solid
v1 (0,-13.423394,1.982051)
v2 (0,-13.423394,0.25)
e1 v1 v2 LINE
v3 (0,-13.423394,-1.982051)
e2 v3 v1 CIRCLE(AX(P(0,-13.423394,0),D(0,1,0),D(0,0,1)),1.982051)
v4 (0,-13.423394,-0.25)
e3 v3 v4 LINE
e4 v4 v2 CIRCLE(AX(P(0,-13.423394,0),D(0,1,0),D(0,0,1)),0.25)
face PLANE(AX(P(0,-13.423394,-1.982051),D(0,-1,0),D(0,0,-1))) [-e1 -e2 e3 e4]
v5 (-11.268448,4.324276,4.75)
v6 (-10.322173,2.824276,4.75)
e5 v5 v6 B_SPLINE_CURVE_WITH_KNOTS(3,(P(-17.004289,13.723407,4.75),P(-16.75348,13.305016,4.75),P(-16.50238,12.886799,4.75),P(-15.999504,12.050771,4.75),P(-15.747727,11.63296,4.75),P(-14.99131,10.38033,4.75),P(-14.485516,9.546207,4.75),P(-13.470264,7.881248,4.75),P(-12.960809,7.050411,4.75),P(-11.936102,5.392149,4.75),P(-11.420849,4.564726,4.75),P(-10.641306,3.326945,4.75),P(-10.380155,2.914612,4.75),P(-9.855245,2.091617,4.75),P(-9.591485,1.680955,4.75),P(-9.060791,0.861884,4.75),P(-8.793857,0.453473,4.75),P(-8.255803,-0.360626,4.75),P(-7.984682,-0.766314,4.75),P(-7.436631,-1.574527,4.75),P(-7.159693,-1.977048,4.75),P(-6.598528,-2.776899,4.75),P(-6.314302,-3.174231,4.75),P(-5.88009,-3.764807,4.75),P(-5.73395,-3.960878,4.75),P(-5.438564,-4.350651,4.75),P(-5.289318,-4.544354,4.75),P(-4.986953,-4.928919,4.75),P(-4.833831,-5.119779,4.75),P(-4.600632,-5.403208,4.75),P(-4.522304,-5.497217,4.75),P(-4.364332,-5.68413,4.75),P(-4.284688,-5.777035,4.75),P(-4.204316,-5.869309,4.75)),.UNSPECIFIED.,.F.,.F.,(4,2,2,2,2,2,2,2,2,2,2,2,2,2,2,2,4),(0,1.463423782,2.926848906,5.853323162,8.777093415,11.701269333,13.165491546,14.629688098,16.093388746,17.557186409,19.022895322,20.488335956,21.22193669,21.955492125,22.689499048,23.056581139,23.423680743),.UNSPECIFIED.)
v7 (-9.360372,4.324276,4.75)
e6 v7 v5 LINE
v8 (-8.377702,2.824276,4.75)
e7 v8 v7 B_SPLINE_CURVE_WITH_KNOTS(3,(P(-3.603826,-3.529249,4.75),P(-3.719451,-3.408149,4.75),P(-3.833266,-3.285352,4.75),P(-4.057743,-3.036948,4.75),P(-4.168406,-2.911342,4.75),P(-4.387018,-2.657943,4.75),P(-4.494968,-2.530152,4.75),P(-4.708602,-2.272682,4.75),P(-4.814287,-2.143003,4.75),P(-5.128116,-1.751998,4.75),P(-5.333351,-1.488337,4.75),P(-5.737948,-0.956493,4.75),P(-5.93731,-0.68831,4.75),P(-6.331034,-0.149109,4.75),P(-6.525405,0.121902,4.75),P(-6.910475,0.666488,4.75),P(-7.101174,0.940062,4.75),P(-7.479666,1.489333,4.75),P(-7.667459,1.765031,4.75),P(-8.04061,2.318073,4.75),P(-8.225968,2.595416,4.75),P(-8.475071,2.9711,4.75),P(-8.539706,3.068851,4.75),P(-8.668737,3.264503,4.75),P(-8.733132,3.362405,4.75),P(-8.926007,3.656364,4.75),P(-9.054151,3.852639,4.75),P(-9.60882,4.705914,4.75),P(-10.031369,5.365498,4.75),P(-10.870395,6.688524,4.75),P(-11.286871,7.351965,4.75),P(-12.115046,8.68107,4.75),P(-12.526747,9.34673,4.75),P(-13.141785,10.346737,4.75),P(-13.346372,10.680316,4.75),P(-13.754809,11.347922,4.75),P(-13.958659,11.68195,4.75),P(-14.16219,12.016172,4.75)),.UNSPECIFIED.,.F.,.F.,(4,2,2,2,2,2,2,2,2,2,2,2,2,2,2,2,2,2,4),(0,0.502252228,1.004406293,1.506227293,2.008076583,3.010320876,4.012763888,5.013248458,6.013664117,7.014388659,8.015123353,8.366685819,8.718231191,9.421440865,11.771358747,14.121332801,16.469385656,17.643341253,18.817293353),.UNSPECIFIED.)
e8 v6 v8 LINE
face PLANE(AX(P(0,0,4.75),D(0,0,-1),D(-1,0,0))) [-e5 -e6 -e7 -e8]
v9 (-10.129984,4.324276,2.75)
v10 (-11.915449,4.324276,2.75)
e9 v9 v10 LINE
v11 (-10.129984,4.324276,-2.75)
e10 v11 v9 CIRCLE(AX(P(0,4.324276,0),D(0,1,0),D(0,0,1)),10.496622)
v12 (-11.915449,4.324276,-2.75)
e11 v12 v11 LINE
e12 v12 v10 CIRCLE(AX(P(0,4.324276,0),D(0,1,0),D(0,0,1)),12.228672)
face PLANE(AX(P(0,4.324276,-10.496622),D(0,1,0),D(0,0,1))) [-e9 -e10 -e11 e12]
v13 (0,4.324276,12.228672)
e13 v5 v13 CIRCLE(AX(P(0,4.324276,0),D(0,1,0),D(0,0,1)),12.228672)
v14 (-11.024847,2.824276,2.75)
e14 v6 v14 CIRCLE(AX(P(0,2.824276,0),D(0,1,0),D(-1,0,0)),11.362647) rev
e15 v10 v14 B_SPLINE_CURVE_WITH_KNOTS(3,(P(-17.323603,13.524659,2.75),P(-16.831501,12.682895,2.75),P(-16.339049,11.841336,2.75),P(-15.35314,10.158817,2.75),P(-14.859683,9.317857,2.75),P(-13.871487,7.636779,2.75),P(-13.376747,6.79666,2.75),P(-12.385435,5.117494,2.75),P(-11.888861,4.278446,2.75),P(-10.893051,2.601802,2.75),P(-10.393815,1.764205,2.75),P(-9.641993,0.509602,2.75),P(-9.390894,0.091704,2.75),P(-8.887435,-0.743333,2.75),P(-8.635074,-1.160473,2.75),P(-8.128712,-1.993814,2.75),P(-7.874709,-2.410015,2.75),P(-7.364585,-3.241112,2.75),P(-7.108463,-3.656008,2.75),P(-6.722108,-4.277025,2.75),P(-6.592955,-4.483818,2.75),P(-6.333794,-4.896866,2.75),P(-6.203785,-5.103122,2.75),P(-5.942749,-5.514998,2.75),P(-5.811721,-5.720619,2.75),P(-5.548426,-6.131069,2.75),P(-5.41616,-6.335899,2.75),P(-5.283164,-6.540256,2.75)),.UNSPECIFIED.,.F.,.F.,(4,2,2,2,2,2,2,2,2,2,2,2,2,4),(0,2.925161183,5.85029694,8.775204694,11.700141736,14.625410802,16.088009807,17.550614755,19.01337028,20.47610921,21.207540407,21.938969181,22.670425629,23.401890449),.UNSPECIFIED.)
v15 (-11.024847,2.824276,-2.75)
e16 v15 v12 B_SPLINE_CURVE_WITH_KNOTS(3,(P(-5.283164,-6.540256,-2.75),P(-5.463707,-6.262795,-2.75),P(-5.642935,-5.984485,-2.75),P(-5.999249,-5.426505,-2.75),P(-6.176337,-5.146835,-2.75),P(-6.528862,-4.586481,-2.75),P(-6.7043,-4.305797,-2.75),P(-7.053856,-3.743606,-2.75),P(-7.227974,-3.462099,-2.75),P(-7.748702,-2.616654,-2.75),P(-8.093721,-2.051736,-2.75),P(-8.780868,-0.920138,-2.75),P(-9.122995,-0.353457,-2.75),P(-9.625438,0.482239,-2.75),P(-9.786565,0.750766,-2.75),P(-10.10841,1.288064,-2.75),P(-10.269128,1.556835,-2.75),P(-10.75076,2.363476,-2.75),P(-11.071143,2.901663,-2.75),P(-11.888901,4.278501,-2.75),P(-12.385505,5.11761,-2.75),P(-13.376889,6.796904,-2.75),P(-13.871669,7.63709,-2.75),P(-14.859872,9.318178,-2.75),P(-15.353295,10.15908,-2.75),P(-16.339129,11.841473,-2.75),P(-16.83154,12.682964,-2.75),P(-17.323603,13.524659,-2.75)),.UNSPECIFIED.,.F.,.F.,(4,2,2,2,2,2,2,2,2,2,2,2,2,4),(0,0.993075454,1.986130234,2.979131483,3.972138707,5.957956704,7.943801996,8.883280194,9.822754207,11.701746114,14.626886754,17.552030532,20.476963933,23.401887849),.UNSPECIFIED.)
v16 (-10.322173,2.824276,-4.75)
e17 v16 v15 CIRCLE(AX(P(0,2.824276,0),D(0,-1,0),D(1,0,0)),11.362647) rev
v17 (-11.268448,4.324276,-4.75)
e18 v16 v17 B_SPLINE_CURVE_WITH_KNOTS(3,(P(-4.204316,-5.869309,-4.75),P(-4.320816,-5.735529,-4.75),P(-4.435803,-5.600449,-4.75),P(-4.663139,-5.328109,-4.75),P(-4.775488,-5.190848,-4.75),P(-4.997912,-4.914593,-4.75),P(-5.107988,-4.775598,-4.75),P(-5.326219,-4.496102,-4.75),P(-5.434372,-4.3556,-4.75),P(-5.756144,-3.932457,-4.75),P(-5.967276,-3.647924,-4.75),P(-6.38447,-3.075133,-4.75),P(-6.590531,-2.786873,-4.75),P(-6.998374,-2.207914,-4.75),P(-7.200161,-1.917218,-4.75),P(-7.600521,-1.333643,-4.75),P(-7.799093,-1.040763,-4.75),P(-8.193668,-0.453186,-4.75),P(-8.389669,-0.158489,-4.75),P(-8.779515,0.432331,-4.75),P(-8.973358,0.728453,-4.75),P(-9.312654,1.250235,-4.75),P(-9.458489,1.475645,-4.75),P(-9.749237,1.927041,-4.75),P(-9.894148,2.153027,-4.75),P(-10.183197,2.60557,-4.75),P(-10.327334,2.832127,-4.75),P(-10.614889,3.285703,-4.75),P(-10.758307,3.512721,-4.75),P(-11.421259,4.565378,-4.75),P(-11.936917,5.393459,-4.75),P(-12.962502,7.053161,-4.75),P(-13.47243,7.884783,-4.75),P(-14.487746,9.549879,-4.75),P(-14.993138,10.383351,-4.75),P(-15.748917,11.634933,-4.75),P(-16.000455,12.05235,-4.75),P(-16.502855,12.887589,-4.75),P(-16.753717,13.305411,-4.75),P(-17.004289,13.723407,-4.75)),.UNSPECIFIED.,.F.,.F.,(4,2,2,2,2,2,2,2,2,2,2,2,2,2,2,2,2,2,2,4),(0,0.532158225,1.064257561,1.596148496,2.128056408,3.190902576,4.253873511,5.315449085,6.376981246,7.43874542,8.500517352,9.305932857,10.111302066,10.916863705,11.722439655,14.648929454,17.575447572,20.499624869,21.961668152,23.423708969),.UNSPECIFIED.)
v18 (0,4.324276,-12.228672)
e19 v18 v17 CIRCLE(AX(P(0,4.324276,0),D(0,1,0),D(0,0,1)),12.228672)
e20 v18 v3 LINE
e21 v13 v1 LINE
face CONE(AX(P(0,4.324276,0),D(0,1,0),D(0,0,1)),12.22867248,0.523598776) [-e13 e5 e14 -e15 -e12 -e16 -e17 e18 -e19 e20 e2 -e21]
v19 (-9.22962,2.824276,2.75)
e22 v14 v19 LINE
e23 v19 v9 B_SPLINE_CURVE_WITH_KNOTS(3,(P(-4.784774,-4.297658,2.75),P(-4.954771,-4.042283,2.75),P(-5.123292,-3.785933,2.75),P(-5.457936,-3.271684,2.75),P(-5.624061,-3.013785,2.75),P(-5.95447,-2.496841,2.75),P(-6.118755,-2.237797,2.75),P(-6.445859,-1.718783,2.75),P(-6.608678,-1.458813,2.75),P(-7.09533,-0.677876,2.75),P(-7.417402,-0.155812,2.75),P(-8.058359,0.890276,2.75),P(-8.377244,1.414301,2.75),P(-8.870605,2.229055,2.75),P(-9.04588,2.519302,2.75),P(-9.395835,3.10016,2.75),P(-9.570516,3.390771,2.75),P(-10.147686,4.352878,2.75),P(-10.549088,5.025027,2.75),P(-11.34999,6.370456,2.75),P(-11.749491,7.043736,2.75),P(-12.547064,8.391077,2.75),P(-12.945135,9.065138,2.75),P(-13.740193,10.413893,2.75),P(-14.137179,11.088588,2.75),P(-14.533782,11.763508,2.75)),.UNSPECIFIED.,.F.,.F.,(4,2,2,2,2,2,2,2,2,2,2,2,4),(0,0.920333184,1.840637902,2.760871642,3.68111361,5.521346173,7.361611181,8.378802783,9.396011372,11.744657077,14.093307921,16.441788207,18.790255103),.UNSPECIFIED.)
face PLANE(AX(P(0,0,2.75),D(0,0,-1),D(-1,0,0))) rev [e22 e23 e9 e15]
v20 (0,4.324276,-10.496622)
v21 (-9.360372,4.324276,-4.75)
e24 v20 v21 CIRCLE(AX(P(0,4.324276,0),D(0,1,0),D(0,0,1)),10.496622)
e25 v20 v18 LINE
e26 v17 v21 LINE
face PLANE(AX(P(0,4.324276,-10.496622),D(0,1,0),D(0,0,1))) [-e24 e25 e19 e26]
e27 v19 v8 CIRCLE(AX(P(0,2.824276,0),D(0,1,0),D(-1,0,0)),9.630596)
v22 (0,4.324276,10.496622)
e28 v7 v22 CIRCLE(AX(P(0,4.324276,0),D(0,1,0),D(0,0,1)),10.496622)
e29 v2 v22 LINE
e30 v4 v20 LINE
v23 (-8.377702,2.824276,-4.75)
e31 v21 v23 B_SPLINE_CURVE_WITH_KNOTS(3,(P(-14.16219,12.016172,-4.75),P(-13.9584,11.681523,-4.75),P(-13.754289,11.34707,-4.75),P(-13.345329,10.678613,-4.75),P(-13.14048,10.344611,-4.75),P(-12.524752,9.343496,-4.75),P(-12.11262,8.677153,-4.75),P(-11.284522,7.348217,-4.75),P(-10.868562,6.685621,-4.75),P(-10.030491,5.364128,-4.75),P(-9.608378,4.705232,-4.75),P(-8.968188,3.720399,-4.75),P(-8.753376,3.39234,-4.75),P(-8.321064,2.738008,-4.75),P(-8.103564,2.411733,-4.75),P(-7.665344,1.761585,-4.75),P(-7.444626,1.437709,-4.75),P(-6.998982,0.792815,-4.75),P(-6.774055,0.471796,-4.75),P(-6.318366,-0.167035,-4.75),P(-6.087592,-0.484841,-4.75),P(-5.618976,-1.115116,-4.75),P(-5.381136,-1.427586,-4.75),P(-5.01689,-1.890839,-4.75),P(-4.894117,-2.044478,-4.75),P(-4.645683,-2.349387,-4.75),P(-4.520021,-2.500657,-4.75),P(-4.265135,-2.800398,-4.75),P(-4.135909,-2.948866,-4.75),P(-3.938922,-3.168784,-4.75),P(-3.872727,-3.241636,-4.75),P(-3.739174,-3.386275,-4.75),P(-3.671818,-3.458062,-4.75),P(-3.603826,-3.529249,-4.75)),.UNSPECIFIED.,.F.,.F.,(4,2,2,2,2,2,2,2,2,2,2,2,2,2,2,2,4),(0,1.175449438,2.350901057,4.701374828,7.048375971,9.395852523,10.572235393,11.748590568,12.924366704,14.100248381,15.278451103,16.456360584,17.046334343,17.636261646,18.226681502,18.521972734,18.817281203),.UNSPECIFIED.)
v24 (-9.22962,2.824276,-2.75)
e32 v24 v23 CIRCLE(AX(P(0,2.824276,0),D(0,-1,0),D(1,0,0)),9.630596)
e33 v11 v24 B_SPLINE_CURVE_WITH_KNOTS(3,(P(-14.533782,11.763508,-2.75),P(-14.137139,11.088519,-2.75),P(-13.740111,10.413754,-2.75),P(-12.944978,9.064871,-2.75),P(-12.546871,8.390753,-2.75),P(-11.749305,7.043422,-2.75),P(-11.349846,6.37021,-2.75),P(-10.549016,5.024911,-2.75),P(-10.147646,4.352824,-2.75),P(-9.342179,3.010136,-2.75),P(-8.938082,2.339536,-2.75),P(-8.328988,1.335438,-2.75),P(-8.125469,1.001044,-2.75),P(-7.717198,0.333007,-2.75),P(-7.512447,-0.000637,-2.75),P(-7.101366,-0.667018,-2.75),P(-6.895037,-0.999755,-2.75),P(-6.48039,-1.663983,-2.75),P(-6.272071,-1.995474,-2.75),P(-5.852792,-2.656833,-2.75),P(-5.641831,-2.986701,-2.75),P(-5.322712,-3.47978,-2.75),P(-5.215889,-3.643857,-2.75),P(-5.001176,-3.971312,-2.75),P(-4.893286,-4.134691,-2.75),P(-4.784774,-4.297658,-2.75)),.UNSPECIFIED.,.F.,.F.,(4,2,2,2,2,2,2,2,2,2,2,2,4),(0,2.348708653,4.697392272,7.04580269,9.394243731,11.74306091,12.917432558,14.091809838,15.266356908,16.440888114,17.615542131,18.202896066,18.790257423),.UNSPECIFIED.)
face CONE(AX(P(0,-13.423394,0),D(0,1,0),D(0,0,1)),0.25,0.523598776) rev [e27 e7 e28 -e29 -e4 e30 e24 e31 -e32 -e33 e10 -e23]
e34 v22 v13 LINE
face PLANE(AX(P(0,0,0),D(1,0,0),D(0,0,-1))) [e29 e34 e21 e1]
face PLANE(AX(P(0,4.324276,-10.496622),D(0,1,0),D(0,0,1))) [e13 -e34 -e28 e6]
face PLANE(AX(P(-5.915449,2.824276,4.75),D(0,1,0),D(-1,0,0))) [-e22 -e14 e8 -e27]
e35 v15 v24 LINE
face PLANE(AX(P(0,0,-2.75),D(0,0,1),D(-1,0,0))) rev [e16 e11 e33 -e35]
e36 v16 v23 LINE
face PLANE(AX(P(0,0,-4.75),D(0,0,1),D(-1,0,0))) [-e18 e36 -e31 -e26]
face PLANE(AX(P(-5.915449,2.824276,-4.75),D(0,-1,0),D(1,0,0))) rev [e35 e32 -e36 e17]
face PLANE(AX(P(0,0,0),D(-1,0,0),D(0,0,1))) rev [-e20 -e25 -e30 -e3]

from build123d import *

# Parameters (mm, degrees)
REVOLVE_3_ANGLE           = 90
REVOLVE_3_OTHER_WAY_ANGLE = 90
SKETCH_4_W                = 6
SKETCH_4_H                = 1.5
CUT_EXTRUDE_1_DEPTH       = 2


with BuildPart() as part:
    # 草图2 → 旋转3 (revolve)
    with BuildSketch(Plane.XY):
        Polygon((-10.496621672, 4.324275584), (-12.22867248, 4.324275584), (-1.982050808, -13.423393759), (-0.25, -13.423393759), align=None)
    revolve(axis=Axis((0, 0, 0), (0, -1, 0)), revolution_arc=REVOLVE_3_ANGLE)

    # 草图2 → 旋转3 other way (revolve)
    with BuildSketch(Plane.XY):
        Polygon((-10.496621672, 4.324275584), (-12.22867248, 4.324275584), (-1.982050808, -13.423393759), (-0.25, -13.423393759), align=None)
    revolve(axis=Axis((0, 0, 0), (0, 1, 0)), revolution_arc=REVOLVE_3_OTHER_WAY_ANGLE)

    # 草图4 → 切除-拉伸1 (cut)
    with BuildSketch(Plane.XY.offset(2.75)):
        with Locations((-8.915449241, 3.574275584)):
            Rectangle(SKETCH_4_W, SKETCH_4_H)
    cut_extrude_1 = extrude(amount=CUT_EXTRUDE_1_DEPTH, mode=Mode.SUBTRACT)

    # 镜向1: 切除-拉伸1 across plane
    add(cut_extrude_1.mirror(Plane.XY), mode=Mode.SUBTRACT)


solid = part.part
